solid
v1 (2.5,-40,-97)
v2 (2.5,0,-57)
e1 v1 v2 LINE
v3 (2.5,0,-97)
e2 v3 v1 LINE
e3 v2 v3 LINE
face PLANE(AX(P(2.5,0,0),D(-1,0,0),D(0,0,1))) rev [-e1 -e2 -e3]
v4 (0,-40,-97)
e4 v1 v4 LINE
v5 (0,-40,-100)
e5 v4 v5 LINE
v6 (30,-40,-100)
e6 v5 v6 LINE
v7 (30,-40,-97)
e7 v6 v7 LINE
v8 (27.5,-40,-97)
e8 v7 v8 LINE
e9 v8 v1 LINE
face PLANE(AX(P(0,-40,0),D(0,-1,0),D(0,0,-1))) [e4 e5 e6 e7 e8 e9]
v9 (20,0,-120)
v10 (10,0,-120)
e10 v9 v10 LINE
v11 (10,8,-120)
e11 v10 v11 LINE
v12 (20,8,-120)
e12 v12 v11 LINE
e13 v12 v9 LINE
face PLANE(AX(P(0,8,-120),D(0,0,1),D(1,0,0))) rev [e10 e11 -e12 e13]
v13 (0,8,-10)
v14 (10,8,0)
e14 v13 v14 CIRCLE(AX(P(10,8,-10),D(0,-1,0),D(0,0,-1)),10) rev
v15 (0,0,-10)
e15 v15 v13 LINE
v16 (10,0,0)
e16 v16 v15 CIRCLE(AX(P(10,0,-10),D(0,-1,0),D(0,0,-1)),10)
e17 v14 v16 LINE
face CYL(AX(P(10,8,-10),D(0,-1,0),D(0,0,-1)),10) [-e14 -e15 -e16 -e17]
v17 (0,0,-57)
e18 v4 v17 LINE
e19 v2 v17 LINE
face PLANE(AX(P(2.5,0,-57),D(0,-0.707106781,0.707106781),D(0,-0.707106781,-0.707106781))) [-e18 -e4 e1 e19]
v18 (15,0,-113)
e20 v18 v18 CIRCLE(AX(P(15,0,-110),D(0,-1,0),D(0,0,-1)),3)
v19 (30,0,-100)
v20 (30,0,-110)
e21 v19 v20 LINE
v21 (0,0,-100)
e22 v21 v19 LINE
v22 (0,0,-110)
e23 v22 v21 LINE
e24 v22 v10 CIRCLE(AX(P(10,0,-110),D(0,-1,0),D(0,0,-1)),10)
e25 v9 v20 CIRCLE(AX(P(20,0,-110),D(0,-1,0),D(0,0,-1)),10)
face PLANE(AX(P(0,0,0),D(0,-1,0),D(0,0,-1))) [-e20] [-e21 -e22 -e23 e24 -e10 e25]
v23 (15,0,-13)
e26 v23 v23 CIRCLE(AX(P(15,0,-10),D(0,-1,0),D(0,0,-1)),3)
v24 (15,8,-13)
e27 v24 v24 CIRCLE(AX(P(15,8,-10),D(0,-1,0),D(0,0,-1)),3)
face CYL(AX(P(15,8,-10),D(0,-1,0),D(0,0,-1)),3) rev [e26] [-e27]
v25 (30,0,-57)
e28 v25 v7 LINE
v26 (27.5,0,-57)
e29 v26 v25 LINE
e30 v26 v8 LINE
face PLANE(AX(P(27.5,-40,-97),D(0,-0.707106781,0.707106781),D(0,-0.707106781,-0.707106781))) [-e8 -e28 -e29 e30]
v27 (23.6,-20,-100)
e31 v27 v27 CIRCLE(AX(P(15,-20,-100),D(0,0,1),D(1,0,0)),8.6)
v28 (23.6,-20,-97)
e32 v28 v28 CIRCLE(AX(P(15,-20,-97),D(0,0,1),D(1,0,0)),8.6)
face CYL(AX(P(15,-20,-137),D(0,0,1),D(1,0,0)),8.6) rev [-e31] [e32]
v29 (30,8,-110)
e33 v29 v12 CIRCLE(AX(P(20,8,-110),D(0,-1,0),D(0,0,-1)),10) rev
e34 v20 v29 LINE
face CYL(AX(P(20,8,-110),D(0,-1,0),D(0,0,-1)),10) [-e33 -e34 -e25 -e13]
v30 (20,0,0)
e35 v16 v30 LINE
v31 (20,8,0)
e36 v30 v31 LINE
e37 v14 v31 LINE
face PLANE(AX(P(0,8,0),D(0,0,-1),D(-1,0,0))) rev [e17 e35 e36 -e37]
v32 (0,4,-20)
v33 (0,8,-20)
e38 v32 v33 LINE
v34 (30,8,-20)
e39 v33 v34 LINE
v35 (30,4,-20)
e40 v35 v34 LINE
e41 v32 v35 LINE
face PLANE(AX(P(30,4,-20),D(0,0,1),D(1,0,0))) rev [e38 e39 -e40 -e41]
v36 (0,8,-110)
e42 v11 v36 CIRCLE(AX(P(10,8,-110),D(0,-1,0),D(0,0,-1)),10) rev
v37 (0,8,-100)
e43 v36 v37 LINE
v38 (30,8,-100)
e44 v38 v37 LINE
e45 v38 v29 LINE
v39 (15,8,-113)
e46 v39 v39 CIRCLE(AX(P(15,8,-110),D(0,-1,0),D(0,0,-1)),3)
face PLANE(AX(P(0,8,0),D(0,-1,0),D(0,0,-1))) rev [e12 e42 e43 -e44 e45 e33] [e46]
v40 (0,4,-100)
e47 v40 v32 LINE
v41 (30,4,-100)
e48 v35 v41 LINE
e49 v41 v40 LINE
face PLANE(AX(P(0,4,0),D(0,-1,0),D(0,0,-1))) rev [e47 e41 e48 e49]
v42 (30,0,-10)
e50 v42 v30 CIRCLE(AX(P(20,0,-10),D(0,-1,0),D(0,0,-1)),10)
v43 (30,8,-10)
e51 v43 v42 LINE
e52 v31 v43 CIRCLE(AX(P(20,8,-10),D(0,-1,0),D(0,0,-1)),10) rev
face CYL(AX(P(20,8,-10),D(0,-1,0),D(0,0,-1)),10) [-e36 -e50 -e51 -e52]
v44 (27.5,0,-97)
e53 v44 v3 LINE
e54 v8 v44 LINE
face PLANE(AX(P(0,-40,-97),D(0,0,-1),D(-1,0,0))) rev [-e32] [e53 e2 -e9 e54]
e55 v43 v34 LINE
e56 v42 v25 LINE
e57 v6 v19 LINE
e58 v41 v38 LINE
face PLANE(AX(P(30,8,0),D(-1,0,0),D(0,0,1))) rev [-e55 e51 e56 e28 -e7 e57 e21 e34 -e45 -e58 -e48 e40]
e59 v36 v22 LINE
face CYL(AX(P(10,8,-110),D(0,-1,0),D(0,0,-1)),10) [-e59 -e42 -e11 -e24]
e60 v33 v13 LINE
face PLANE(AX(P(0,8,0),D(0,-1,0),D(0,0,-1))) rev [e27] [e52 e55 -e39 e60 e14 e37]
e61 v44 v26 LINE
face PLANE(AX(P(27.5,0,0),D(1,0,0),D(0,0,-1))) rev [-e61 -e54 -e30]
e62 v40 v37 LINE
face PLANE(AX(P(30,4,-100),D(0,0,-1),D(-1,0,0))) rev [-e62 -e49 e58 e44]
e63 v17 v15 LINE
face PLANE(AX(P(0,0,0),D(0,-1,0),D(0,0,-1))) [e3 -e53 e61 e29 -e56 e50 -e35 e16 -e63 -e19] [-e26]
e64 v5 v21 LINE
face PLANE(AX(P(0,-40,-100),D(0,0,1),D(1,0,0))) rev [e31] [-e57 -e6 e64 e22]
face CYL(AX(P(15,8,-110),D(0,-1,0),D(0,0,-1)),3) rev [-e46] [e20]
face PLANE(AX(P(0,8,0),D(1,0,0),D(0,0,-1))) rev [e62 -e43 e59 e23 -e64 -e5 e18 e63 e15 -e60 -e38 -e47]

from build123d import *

# Parameters (mm, degrees)
SKETCH1_W           = 30
SKETCH1_H           = 120
BOSS_EXTRUDE1_DEPTH = 8
SKETCH2_W           = 30
SKETCH2_H           = 80
CUT_EXTRUDE1_DEPTH  = 4
SKETCH3_W           = 30
SKETCH3_H           = 3
BOSS_EXTRUDE2_DEPTH = 40
SKETCH4_R           = 8.6
CUT_EXTRUDE2_DEPTH  = 40
BOSS_EXTRUDE3_DEPTH = 2.5
BOSS_EXTRUDE4_DEPTH = 2.5
SKETCH7_R           = 3
CUT_EXTRUDE3_DEPTH  = 131
FILLET1_R           = 10


with BuildPart() as part:
    # Sketch1 → Boss-Extrude1 (new body)
    with BuildSketch(Plane(origin=(0, 0, 0), x_dir=(1, 0, 0), z_dir=(0, 1, 0))):
        with Locations((15, 60)):
            Rectangle(SKETCH1_W, SKETCH1_H)
    extrude(amount=BOSS_EXTRUDE1_DEPTH)

    # Sketch2 → Cut-Extrude1 (cut)
    with BuildSketch(Plane(origin=(0, 8, 0), x_dir=(1, 0, 0), z_dir=(0, 1, 0))):
        with Locations((15, 60)):
            Rectangle(SKETCH2_W, SKETCH2_H)
    extrude(amount=-CUT_EXTRUDE1_DEPTH, mode=Mode.SUBTRACT)

    # Sketch3 → Boss-Extrude2 (add)
    with BuildSketch(Plane.XZ):
        with Locations((15, -98.5)):
            Rectangle(SKETCH3_W, SKETCH3_H)
    extrude(amount=BOSS_EXTRUDE2_DEPTH)

    # Sketch4 → Cut-Extrude2 (cut)
    with BuildSketch(Plane.XY.offset(-97)):
        with Locations((15, -20)):
            Circle(SKETCH4_R)
    extrude(amount=-CUT_EXTRUDE2_DEPTH, mode=Mode.SUBTRACT)

    # Sketch5 → Boss-Extrude3 (add)
    with BuildSketch(Plane(origin=(30, 0, 0), x_dir=(0, 0, -1), z_dir=(1, 0, 0))):
        Polygon((97, -40), (57, 0), (97, 0), align=None)
    extrude(amount=-BOSS_EXTRUDE3_DEPTH)

    # Sketch6 → Boss-Extrude4 (add)
    with BuildSketch(Plane.ZY):
        Polygon((-57, 0), (-97, -40), (-97, 0), align=None)
    extrude(amount=-BOSS_EXTRUDE4_DEPTH)

    # Sketch7 → Cut-Extrude3 (cut, through all)
    with BuildSketch(Plane(origin=(0, 0, 0), x_dir=(-1, 0, 0), z_dir=(0, -1, 0))):
        with Locations(Location((-15, 10, 0), (0, 0, 90))):
            Circle(SKETCH7_R)
        with Locations(Location((-15, 110, 0), (0, 0, 90))):
            Circle(SKETCH7_R)
    extrude(amount=-CUT_EXTRUDE3_DEPTH, mode=Mode.SUBTRACT)

    # Fillet1
    fillet1_edges = [part.edges().sort_by_distance(p)[0] for p in [
        (0, 4, -120),
        (30, 4, -120),
        (30, 4, 0),
        (0, 4, 0),
    ]]
    fillet(fillet1_edges, radius=FILLET1_R)


solid = part.part
